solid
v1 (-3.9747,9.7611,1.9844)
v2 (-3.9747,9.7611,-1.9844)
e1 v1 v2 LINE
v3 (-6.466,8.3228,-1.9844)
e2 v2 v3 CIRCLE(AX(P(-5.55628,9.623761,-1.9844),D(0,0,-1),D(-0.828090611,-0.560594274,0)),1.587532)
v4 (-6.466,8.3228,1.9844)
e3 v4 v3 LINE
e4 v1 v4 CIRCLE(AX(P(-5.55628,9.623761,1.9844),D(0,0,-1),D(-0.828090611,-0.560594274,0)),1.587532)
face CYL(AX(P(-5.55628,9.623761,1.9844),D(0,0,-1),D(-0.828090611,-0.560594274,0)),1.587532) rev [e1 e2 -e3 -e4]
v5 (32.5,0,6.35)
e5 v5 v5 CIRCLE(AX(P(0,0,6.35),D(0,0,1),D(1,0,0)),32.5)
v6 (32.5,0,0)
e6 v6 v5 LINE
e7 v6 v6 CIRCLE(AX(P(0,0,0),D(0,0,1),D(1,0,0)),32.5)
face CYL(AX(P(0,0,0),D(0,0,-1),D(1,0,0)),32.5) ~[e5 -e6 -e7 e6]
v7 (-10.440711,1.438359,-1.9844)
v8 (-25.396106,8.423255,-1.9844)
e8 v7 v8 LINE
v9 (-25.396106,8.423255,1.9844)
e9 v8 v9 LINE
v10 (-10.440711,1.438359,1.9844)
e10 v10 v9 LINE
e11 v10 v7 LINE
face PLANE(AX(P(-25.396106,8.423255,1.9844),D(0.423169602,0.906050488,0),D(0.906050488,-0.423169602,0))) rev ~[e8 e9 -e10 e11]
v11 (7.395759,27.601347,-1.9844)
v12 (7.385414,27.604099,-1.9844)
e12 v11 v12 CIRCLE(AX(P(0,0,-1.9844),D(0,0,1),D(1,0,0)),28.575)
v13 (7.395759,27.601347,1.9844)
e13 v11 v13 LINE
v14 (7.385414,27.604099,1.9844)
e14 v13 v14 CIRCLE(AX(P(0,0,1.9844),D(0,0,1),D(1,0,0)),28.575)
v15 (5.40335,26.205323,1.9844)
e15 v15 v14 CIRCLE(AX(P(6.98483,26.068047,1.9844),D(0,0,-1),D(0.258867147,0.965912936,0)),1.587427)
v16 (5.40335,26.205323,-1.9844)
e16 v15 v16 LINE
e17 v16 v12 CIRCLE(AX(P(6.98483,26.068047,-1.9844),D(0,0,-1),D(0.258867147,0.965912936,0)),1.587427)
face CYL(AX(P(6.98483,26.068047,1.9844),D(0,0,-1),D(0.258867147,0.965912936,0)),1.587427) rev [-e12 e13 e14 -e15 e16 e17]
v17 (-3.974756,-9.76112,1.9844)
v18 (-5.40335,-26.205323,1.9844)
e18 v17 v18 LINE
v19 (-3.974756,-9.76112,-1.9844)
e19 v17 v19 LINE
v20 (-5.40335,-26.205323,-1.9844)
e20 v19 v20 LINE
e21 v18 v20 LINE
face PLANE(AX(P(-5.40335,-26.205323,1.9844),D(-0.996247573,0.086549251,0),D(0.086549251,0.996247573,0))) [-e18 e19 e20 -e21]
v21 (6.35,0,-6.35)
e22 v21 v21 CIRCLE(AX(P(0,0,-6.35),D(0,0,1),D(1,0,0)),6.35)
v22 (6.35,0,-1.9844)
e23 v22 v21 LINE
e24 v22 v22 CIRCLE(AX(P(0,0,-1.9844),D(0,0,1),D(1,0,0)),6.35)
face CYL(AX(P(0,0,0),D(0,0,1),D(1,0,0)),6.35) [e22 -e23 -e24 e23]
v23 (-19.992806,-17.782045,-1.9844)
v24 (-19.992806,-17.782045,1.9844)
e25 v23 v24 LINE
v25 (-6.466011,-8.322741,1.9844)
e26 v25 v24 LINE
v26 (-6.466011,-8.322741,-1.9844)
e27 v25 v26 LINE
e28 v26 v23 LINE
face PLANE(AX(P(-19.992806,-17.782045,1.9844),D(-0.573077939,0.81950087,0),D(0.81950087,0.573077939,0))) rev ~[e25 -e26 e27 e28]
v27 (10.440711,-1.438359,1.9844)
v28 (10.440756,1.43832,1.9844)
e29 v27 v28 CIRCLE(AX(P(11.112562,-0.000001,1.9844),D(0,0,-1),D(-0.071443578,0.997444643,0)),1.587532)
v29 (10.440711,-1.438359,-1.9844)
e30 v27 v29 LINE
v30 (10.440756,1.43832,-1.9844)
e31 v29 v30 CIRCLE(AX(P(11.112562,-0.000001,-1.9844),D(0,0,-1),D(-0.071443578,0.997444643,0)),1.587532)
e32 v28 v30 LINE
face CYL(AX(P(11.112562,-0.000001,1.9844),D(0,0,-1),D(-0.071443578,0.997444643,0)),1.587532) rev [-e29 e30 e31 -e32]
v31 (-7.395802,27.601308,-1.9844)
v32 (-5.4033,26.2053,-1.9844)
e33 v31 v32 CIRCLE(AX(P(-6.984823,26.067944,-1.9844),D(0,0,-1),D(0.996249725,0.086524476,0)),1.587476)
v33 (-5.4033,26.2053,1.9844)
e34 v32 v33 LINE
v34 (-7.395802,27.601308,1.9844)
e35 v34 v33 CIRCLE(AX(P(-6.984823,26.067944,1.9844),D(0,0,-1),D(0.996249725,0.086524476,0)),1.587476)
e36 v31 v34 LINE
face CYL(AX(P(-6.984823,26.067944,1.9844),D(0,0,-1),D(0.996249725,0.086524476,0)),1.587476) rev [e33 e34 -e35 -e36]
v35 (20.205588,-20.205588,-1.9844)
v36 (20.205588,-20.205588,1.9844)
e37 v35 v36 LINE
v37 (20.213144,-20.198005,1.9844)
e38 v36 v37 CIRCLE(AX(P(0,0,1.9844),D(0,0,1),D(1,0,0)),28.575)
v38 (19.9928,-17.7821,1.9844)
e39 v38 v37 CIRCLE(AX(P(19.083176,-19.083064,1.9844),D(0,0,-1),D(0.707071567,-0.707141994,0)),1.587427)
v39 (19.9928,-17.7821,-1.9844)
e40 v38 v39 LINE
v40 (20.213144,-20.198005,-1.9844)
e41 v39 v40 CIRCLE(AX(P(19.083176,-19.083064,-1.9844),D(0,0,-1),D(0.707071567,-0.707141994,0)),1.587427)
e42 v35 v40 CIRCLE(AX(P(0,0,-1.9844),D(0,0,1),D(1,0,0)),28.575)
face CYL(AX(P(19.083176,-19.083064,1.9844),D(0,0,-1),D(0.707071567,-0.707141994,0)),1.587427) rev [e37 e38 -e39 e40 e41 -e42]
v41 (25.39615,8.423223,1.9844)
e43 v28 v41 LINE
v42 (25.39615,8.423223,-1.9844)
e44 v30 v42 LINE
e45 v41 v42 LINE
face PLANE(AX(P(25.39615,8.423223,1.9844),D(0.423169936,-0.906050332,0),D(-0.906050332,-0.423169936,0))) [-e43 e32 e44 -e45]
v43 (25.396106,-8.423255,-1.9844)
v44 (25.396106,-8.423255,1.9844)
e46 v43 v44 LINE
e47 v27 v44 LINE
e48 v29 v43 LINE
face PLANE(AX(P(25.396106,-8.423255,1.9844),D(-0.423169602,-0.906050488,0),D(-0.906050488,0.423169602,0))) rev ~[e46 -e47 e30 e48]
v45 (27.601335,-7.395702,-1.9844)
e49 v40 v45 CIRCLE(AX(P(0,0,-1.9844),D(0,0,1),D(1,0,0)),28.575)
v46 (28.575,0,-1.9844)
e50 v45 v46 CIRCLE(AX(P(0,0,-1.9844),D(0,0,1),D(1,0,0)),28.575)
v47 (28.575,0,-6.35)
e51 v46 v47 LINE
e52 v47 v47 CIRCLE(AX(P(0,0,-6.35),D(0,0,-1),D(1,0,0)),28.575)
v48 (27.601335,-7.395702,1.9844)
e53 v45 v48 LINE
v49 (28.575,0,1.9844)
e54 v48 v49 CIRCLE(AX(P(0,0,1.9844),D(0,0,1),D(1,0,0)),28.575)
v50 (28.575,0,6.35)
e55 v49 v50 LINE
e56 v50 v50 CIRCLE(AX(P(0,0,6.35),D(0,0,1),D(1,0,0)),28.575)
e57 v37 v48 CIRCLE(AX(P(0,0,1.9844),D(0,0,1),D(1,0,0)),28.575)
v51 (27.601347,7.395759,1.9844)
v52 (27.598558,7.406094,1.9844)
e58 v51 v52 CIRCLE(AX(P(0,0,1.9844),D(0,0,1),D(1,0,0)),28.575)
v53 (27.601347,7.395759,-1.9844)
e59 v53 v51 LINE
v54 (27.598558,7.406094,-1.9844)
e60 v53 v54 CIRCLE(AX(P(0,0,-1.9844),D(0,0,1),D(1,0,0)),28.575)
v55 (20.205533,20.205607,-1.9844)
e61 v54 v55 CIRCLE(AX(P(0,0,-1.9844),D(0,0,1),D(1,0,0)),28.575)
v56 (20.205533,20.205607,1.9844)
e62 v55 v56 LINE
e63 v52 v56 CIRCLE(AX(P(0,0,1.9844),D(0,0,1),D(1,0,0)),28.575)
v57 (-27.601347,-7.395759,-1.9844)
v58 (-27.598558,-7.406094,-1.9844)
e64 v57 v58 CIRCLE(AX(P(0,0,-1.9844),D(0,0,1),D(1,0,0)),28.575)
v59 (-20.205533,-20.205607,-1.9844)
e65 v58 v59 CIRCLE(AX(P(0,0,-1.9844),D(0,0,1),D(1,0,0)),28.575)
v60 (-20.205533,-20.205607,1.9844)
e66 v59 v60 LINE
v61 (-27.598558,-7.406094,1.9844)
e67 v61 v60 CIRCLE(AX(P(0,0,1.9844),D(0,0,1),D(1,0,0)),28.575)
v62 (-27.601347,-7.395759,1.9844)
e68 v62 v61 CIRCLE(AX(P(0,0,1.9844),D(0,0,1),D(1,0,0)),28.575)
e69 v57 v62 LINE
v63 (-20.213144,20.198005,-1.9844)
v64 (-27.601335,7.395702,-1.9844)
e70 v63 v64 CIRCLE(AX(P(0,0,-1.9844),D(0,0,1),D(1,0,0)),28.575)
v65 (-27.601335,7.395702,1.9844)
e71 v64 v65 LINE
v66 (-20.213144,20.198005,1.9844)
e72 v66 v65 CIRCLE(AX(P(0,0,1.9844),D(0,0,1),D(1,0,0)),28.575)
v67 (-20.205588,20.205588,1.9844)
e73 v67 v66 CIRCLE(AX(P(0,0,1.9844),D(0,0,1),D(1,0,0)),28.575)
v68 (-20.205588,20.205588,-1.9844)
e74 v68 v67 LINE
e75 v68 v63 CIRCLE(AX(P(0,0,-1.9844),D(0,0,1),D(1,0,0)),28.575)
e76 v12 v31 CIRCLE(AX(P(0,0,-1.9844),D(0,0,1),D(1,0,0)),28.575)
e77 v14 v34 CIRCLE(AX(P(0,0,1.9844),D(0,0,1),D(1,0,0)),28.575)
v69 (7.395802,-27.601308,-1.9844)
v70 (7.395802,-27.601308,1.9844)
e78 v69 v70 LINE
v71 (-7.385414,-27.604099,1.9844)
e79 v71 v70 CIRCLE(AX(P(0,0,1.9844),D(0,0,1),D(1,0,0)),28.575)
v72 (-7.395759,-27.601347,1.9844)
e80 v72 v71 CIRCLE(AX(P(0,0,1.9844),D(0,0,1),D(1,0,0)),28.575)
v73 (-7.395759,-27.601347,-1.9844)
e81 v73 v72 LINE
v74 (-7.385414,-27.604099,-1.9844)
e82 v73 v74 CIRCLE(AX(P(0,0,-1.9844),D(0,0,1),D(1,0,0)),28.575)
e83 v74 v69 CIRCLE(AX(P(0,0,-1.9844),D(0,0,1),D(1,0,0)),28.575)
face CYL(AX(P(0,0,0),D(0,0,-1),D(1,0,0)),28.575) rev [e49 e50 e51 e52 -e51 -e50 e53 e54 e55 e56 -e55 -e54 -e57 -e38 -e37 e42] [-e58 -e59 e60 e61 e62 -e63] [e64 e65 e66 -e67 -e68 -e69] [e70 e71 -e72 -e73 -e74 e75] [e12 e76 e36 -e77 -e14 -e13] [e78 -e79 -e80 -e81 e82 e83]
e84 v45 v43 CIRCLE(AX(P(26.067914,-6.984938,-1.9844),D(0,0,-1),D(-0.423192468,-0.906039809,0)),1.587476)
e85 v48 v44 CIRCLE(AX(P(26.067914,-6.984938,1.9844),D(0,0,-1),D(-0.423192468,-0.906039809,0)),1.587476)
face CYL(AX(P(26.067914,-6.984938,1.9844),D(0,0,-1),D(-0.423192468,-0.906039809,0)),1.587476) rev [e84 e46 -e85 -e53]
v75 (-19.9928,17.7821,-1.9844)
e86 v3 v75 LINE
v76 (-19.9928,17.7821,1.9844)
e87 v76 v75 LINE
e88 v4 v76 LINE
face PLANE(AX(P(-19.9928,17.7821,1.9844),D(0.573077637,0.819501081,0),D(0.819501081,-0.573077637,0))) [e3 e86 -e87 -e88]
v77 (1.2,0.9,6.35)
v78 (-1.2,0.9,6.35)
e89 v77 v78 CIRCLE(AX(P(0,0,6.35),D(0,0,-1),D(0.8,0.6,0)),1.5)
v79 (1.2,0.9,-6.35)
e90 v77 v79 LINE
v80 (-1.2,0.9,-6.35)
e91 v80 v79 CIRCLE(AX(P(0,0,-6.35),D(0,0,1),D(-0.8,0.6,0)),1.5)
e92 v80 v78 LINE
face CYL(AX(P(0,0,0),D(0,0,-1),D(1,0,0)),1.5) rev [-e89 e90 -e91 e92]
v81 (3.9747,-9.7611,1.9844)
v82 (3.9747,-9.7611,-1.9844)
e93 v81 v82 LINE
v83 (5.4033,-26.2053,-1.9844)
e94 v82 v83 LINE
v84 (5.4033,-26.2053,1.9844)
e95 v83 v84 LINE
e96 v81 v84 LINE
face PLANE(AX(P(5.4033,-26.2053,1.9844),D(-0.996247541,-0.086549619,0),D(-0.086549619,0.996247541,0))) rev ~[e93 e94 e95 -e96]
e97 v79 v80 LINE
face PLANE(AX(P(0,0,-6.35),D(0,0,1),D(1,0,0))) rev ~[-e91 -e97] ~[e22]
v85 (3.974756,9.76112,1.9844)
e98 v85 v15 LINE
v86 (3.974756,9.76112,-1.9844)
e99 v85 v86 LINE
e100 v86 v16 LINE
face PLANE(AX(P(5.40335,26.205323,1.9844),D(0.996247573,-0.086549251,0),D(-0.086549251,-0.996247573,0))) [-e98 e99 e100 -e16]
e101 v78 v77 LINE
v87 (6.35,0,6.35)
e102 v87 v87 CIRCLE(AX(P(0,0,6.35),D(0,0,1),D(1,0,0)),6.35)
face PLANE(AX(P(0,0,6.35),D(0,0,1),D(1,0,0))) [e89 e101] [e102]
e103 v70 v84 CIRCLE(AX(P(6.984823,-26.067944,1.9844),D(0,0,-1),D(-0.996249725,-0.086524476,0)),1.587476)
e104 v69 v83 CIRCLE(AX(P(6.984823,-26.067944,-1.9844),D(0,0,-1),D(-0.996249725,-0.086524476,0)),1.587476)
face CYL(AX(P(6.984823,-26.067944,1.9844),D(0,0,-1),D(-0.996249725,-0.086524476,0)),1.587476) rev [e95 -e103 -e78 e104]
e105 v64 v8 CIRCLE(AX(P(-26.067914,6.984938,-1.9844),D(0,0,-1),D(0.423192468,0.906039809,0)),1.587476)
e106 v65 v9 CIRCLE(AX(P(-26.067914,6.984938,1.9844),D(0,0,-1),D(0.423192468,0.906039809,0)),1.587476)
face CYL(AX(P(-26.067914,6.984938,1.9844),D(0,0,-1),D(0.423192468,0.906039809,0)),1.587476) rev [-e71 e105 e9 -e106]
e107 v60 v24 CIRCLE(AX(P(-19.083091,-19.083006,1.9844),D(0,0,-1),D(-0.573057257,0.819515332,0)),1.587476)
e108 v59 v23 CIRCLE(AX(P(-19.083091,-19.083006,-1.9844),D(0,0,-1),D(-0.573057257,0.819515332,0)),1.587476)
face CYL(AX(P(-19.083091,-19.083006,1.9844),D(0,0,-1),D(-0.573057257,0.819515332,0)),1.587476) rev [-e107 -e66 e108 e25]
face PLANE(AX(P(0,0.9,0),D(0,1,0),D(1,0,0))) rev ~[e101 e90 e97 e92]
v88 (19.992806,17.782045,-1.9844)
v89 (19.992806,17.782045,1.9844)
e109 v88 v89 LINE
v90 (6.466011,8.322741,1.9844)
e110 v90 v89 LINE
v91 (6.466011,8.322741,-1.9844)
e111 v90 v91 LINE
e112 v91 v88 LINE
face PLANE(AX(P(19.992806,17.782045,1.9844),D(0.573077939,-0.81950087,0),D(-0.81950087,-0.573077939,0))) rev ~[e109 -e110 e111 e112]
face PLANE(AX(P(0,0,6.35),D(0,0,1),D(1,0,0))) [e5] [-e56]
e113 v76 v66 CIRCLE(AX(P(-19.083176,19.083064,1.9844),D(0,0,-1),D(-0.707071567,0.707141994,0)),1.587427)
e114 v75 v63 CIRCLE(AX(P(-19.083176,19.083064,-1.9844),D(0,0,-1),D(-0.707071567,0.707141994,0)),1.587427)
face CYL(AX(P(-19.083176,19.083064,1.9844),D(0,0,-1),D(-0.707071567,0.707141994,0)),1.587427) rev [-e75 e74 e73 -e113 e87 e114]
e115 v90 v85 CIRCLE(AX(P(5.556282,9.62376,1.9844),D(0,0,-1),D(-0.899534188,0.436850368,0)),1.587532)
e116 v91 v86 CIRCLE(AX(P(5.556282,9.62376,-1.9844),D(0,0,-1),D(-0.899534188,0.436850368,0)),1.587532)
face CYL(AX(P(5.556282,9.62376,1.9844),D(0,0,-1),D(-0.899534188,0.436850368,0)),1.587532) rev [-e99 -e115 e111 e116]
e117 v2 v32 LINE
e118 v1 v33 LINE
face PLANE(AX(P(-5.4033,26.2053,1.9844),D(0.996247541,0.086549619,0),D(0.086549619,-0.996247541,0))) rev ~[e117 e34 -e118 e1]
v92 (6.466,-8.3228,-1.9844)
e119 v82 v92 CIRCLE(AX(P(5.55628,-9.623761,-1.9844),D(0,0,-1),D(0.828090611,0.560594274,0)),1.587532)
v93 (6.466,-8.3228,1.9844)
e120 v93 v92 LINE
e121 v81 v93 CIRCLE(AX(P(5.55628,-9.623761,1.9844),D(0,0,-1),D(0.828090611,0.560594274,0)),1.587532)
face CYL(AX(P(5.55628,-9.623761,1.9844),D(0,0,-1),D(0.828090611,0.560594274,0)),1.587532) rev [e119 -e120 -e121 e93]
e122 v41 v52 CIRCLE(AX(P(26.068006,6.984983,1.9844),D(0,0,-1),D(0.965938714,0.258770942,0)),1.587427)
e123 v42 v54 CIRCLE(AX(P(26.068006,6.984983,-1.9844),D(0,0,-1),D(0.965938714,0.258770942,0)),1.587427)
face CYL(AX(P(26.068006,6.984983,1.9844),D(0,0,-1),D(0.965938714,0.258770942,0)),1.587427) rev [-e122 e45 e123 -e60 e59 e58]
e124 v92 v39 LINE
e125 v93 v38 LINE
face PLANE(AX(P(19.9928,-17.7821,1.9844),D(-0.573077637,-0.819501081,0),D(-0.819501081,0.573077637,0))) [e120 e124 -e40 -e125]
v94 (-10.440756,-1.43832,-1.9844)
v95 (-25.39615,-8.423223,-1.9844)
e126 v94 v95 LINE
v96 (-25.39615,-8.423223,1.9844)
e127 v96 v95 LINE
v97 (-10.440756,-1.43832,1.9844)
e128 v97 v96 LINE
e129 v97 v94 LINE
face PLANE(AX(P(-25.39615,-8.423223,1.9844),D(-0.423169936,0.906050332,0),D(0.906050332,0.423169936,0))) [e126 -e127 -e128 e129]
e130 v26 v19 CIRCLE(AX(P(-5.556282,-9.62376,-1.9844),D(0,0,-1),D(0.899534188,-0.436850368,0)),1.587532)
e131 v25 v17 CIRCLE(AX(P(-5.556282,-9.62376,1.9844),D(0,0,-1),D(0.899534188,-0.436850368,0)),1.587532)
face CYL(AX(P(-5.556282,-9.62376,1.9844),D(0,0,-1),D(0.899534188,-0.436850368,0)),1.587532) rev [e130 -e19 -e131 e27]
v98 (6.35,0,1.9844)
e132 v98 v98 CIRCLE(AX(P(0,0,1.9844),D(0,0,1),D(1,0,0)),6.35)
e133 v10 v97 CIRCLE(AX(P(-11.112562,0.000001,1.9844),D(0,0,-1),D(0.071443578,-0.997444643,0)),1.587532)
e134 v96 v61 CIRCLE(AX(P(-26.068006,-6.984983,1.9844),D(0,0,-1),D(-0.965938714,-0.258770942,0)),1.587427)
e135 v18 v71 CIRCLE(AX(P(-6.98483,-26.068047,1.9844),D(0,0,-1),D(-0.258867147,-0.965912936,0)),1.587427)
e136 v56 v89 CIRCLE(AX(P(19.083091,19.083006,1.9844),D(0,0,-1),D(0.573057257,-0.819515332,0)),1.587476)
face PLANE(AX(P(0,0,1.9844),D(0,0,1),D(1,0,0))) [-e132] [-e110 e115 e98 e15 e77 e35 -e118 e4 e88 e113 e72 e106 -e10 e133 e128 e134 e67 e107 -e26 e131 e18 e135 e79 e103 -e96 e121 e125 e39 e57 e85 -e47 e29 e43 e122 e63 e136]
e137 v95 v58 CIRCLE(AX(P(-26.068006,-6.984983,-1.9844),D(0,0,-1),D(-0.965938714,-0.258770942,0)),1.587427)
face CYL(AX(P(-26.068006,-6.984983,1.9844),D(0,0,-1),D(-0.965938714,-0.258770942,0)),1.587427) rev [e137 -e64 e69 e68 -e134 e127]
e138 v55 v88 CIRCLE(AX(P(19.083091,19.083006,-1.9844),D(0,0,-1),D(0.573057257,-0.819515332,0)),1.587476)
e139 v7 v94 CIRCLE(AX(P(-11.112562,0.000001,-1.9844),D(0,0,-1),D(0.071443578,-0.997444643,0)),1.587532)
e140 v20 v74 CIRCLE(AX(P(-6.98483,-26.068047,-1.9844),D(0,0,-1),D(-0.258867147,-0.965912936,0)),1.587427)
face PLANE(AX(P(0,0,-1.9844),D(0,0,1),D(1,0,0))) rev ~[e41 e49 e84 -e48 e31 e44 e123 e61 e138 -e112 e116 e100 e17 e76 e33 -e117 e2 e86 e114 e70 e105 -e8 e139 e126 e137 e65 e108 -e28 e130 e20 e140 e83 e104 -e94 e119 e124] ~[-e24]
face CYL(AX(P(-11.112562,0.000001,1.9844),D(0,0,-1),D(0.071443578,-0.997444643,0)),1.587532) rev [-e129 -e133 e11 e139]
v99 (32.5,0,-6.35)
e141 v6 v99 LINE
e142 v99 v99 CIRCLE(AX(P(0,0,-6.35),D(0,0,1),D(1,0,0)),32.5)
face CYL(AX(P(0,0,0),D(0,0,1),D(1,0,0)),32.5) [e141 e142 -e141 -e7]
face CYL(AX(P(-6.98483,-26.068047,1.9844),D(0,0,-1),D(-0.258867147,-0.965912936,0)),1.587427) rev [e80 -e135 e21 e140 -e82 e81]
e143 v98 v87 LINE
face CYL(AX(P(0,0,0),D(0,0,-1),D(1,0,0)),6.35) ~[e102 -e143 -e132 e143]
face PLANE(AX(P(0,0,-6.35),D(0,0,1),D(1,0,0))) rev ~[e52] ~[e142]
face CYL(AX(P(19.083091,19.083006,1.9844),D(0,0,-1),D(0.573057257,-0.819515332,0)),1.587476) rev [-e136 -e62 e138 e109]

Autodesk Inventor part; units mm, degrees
ref_plane "YZ Plane (RIGHT)" through (0, 0, 0) normal (1, 0, 0) x (0, 1, 0)
ref_plane "XY Plane (FRONT)" through (0, 0, 0) normal (0, 0, 1) x (1, 0, 0)
sketch "Sketch2" plane through (0, 0, 0) normal (0, 0, 1) x (1, 0, 0)
  circle A0 centre (0, 0) radius 6.35
  circle A1 centre (0, 0) radius 1.5
  line L0 (0, 0.9) -> (-1.2, 0.9)
  line L1 (-1.2, 0.9) -> (1.2, 0.9)
  arc A2 (1.2, 0.9) -> (-1.2, 0.9) centre (0, 0) ccw
  dimension "d1" = 12.7
  dimension "d37" = 3
  dimension "d38" = 0.9
extrude "Extrusion1" add sketch "Sketch2" along normal mid plane 12.7 contours A0 | L1 L0 A1 picked at (-0.7204, 0.9839)
sketch "Sketch3" plane through (0, 0, 0) normal (0, 0, 1) x (1, 0, 0)
  circle A0 centre (0, 0) radius 28.575
  circle A1 centre (0, 0) radius 3.175 projected
  circle A2 centre (0, 0) radius 6.35
  circle A3 centre (0, 0) radius 6.35 projected
  dimension "d4" = 57.15
extrude "Extrusion2" add sketch "Sketch3" along normal mid plane 3.9688 contours A0
sketch "Sketch4" plane through (0, 0, 0) normal (0, 0, 1) x (1, 0, 0)
  circle A0 centre (0, 0) radius 3.175 projected
  circle A1 centre (0, 0) radius 32.5
  circle A2 centre (0, 0) radius 28.575
  circle A3 centre (0, 0) radius 28.575 projected
  dimension "d7" = 65
extrude "Extrusion3" add sketch "Sketch4" along normal mid plane 12.7 contours A1
sketch "Sketch7" plane through (0, 0, 1.9844) normal (0, 0, 1) x (1, 0, 0)
  circle A0 centre (0, 0) radius 3.175 construction
  line L0 (0, 0) -> (-6.9849, 26.0679) construction
  arc A1 (-5.4033, 26.2053) -> (-7.3958, 27.6013) centre (-6.9849, 26.0679) ccw
  circle A2 centre (0, 0) radius 28.575 projected
  line L1 (0, 0) -> (0, 17.8508) construction
  arc A3 (-6.8709, 8.7338) -> (-3.9747, 9.7611) centre (-5.5563, 9.6237) ccw
  line L2 (0, 0) -> (-5.5563, 9.6237) construction
  circle A4 centre (0, 0) radius 11.1125 construction
  arc A5 (-20.2056, 20.2056) -> (-19.9928, 17.7821) centre (-19.083, 19.083) ccw
  line L3 (-19.083, 19.083) -> (0, 0) construction
  line L4 (-19.9928, 17.7821) -> (-6.466, 8.3228)
  line L5 (-5.4033, 26.2053) -> (-3.9747, 9.7611)
  arc A6 (-7.3958, 27.6013) -> (-20.2056, 20.2056) centre (0, 0) ccw
  dimension "d17" = 3.175
  dimension "d18" = 15
  dimension "d19" = 30
  dimension "d20" = 22.225
  dimension "d21" = 30
extrude "Extrusion4" cut sketch "Sketch7" along normal through all both and the other way through all contours L5 A3 L4 A5 A2 A1 picked at (-7.1514, 20.6214)
pattern_circular "Circular Pattern1" count 6 over 360 about axis through (0, 0, 0) along (0, 0, 1) of "Extrusion4"
ref_plane "Work Plane1" through (0, 6.35, 0) normal (0, 1, 0) x (-1, 0, 0)
sketch "Sketch8" plane through (0, 6.35, 0) normal (0, 1, 0) x (-1, 0, 0)
  line L0 (-16.7863, 6.35) -> (14.809, 6.35) construction
  point P0 (0, 0)
  dimension "d27" = 6.35
ref_plane "Work Plane2" through (16.7863, 6.35, 6.35) normal (0, -0.9397, 0.342) x (1, 0, 0)
properties part number "flywheel" material "LCP Plastic"
